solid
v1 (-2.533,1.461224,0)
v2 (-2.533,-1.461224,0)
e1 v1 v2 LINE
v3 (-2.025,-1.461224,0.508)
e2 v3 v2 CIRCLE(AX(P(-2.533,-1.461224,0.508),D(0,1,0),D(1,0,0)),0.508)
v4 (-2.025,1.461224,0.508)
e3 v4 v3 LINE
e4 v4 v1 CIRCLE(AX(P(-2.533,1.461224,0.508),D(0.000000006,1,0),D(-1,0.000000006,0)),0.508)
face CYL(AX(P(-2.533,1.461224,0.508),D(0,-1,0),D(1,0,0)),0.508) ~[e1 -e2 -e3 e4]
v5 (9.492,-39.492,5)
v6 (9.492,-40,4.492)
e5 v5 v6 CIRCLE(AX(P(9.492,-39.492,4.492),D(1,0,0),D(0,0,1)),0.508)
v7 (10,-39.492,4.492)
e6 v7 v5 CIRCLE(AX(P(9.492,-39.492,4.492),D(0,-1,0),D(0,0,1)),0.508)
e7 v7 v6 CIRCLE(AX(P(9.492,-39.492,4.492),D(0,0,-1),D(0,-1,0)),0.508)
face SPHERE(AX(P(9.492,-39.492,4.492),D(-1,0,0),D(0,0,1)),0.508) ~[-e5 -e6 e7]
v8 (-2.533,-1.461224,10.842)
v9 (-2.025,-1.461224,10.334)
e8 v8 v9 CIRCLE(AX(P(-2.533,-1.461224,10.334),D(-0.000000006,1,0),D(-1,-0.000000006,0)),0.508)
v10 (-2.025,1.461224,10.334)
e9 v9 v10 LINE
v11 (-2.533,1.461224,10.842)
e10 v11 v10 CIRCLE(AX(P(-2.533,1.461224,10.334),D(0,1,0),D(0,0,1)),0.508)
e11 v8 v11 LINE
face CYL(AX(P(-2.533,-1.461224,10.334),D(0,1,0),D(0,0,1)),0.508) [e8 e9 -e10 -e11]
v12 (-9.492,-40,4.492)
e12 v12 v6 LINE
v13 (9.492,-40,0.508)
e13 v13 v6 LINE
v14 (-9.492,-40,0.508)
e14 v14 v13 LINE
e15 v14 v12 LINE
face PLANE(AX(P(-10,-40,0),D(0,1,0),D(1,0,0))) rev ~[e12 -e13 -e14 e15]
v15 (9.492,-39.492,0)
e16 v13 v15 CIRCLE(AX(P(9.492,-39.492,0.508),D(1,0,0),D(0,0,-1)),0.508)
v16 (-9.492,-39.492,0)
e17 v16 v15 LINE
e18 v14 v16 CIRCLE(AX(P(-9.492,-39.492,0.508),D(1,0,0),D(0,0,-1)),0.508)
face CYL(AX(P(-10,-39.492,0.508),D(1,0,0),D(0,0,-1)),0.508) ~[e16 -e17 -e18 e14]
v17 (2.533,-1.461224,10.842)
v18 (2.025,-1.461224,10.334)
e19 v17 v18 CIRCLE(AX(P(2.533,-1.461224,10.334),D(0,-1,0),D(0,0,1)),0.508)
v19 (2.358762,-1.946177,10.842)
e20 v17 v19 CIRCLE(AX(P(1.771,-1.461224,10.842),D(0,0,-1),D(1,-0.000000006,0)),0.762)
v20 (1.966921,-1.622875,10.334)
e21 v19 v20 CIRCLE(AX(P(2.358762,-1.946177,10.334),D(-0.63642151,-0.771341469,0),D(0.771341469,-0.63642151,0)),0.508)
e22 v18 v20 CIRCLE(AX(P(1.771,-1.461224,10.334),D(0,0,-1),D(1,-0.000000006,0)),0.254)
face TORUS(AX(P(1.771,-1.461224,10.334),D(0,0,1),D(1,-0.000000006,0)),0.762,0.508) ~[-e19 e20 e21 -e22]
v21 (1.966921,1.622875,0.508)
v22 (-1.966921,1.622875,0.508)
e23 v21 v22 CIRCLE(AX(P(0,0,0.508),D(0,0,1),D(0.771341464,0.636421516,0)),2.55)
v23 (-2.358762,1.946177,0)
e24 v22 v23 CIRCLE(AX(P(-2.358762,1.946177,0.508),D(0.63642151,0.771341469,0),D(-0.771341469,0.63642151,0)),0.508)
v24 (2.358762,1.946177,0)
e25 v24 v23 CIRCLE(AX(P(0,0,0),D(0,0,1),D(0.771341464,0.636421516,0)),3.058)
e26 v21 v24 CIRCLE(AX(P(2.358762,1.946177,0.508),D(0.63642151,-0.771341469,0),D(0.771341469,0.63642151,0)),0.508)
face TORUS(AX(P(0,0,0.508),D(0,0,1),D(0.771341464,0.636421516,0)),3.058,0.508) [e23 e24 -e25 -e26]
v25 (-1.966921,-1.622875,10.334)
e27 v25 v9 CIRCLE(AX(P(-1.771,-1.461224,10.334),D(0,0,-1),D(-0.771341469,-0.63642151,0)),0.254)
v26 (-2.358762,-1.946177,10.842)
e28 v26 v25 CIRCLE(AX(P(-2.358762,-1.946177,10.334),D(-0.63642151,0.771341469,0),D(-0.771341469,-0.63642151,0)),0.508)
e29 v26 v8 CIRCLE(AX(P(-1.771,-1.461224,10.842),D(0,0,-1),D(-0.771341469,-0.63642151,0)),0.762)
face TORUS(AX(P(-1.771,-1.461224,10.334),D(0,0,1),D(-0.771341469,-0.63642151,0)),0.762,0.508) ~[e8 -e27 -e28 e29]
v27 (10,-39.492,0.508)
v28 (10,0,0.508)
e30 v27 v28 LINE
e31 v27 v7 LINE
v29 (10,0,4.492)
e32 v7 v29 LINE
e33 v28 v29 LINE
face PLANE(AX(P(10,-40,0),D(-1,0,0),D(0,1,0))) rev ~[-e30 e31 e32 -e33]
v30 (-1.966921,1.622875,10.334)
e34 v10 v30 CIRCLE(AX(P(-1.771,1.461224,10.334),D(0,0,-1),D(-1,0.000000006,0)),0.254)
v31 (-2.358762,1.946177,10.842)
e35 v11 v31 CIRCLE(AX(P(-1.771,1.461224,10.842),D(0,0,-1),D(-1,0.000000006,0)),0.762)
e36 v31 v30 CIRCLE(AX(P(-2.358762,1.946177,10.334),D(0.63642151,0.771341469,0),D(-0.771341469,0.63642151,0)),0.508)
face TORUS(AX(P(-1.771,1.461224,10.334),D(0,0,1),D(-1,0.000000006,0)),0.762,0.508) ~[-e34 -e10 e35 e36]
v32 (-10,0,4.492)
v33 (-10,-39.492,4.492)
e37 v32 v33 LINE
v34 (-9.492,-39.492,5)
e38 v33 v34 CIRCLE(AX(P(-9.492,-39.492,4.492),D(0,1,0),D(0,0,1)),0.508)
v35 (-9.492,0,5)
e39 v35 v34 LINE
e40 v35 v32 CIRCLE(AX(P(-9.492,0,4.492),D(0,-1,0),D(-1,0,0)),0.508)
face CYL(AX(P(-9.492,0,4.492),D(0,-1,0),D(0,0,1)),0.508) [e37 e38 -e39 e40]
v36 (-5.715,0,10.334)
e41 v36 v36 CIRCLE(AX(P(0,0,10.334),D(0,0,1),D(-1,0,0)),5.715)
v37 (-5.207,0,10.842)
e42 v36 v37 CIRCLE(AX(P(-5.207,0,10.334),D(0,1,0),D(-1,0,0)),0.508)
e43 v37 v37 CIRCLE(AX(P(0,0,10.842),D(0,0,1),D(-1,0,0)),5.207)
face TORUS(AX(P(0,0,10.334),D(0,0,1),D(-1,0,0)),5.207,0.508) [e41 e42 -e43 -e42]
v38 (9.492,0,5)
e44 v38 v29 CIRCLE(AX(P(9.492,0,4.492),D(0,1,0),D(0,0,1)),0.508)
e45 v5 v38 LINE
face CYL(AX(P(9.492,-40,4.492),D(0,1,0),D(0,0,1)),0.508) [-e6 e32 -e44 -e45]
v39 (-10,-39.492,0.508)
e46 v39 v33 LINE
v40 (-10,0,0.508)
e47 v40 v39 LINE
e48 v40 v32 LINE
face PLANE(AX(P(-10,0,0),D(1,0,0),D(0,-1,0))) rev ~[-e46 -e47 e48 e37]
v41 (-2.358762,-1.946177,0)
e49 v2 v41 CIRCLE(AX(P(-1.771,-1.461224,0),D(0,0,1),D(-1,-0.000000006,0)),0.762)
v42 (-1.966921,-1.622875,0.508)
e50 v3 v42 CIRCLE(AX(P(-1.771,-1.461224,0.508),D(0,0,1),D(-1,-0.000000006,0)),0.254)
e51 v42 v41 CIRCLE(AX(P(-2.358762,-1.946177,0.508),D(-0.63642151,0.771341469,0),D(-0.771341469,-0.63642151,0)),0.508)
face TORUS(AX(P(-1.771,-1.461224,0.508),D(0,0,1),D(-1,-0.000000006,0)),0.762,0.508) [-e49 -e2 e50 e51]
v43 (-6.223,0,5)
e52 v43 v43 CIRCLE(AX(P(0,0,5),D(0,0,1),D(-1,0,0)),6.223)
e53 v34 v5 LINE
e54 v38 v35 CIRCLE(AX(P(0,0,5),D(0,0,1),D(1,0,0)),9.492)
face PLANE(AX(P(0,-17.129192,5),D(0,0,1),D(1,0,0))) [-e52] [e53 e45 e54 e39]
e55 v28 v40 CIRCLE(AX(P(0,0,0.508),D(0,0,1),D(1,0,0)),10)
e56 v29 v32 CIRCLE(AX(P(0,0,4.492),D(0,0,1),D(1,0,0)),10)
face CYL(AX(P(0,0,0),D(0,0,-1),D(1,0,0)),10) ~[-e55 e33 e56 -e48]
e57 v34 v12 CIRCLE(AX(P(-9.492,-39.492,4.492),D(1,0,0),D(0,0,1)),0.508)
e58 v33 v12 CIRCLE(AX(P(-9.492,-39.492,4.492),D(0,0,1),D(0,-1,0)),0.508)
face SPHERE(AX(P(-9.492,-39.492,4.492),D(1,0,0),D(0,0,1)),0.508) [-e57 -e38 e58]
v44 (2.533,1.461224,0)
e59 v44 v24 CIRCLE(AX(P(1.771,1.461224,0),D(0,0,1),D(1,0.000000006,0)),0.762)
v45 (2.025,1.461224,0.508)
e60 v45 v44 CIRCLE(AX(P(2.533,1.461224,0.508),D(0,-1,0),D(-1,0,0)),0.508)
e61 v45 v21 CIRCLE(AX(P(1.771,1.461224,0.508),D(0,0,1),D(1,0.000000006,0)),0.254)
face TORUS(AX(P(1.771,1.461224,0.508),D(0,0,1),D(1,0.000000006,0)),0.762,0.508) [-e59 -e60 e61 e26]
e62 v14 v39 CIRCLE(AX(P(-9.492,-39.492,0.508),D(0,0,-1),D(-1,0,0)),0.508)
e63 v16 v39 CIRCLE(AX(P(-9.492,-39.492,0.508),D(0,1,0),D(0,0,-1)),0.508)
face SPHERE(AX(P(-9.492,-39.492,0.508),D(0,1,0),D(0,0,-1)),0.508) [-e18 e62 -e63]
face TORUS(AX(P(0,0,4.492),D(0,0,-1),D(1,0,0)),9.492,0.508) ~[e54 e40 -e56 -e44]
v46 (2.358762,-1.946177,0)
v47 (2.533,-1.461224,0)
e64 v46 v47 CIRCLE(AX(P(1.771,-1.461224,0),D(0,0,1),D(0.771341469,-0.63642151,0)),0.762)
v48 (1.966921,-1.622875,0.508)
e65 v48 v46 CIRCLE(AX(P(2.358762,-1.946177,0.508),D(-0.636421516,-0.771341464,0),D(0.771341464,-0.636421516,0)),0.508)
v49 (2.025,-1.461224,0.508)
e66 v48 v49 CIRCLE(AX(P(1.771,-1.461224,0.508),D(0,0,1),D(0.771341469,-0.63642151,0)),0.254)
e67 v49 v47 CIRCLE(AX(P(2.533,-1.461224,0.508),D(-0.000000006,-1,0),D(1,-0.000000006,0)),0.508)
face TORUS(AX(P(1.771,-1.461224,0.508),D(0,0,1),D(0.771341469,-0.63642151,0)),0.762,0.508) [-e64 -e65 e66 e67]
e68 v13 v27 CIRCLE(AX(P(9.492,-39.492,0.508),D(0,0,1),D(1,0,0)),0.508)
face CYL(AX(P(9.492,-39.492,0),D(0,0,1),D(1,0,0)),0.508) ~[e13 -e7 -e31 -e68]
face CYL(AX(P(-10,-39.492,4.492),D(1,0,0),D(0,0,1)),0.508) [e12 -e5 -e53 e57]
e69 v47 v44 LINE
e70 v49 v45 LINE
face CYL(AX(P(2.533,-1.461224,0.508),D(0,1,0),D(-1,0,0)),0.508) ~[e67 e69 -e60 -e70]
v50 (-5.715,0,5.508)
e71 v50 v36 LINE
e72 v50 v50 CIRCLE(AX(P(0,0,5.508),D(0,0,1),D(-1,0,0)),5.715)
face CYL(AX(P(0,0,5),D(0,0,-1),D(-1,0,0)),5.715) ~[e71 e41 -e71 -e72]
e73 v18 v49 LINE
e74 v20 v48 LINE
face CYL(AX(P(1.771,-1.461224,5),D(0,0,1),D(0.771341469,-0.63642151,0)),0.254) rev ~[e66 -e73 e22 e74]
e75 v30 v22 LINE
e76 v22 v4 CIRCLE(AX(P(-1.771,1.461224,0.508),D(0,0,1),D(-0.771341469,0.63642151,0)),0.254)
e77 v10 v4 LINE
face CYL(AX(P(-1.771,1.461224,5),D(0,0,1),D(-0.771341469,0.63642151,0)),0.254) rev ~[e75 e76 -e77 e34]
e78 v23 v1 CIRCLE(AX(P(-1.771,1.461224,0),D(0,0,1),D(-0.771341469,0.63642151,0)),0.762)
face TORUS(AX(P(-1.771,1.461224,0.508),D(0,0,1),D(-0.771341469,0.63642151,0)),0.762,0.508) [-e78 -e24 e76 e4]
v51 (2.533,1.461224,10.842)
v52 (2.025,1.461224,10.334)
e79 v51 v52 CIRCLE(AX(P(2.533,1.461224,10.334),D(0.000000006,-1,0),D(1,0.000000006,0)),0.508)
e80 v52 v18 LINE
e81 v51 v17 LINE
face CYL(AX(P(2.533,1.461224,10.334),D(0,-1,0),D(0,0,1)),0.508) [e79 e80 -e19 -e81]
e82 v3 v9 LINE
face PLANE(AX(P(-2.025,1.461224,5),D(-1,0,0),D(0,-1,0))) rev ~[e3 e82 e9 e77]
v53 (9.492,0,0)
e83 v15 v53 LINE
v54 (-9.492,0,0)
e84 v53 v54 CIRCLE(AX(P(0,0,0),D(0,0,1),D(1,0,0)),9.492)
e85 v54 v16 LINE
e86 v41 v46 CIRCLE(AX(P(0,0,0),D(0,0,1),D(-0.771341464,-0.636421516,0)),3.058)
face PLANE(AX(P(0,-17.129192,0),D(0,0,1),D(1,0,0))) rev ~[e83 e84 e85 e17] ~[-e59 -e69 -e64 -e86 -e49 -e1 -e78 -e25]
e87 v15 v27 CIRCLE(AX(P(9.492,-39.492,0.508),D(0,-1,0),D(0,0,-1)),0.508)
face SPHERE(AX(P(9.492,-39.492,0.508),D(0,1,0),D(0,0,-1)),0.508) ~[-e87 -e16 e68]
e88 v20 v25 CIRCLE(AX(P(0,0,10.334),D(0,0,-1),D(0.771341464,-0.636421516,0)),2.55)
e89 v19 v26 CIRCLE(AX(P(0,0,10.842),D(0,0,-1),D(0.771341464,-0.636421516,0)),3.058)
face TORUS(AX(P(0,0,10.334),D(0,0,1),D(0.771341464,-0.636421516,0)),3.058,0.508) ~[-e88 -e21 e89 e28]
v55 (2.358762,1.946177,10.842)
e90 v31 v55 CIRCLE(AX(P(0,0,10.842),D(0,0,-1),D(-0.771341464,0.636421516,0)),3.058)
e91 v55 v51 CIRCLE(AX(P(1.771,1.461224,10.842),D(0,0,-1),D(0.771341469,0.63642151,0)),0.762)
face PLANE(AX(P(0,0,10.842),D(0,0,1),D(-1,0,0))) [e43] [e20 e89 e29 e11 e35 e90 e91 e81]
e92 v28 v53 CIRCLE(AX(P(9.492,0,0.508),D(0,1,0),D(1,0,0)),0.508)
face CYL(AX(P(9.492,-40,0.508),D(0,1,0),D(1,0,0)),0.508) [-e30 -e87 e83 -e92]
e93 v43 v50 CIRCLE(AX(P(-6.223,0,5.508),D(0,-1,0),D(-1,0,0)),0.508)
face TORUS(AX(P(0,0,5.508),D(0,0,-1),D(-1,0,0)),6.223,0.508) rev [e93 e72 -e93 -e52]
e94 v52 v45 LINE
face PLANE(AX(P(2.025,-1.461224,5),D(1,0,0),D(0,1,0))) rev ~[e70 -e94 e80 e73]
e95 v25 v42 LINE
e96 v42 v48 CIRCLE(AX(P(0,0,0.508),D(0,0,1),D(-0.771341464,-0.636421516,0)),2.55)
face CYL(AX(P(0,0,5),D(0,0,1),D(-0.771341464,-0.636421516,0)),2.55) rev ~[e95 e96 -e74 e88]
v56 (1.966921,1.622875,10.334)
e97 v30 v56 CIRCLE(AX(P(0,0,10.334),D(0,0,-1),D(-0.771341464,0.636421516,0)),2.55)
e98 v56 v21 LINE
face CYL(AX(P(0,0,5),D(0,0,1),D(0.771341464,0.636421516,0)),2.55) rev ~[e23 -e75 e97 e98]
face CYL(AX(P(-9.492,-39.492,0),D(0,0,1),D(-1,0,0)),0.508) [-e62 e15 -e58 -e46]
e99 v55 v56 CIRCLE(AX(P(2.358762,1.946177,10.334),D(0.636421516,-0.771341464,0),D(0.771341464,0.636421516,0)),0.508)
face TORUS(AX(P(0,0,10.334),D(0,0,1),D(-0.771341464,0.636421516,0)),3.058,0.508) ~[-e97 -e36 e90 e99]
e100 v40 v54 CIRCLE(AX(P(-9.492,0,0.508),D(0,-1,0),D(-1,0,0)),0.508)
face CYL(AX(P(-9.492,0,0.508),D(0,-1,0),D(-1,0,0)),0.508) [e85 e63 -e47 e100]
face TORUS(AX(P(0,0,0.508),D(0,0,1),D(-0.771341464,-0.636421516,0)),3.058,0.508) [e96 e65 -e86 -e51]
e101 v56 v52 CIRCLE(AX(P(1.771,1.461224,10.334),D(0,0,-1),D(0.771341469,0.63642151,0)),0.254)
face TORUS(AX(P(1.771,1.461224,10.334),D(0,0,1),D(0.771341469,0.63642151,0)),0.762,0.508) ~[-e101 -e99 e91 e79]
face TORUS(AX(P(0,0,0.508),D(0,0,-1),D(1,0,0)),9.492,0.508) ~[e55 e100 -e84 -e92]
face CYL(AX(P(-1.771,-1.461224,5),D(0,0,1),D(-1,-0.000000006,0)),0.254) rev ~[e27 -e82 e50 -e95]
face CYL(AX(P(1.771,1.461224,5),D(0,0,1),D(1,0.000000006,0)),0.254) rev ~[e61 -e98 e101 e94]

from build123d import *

# Parameters (mm, degrees)
BOSS_EXTRUDE1_DEPTH = 5
SKETCH2_R           = 5.715
BOSS_EXTRUDE2_DEPTH = 5.842
CUT_EXTRUDE1_REACH  = 43.643
FILLET1_R           = 0.508


with BuildPart() as part:
    # Sketch1 → Boss-Extrude1 (new body)
    with BuildSketch(Plane.XY):
        with BuildLine():
            Line((-10, 0), (-10, -40))
            Line((-10, -40), (10, -40))
            Line((10, -40), (10, 0))
            ThreePointArc((10, 0), (0, 10), (-10, 0))
        make_face()
    extrude(amount=BOSS_EXTRUDE1_DEPTH)

    # Sketch2 → Boss-Extrude2 (add)
    with BuildSketch(Plane.XY.offset(5)):
        with Locations(Location((0, 0, 0), (0, 0, 180))):
            Circle(SKETCH2_R)
        with BuildLine():
            Line((2.025, 1.461223802), (2.025, -1.461223802))
            ThreePointArc((2.025, -1.461223802), (2.010039605, -1.547107835), (1.966920732, -1.622874867))
            ThreePointArc((1.966920732, -1.622874867), (0, -2.55), (-1.966920732, -1.622874867))
            ThreePointArc((-1.966920732, -1.622874867), (-2.010039605, -1.547107835), (-2.025, -1.461223802))
            Line((-2.025, -1.461223802), (-2.025, 1.461223802))
            ThreePointArc((-2.025, 1.461223802), (-2.010039605, 1.547107835), (-1.966920732, 1.622874867))
            ThreePointArc((-1.966920732, 1.622874867), (0, 2.55), (1.966920732, 1.622874867))
            ThreePointArc((1.966920732, 1.622874867), (2.010039605, 1.547107835), (2.025, 1.461223802))
        make_face(mode=Mode.SUBTRACT)
    extrude(amount=BOSS_EXTRUDE2_DEPTH)

    # Sketch3 → Cut-Extrude1 (cut, up to next)
    with BuildSketch(Plane.XY.offset(5), mode=Mode.PRIVATE) as cut_extrude1_sk1:
        with BuildLine():
            Line((-2.025, 1.461223802), (-2.025, -1.461223802))
            ThreePointArc((-2.025, -1.461223802), (-2.010039605, -1.547107835), (-1.966920732, -1.622874867))
            ThreePointArc((-1.966920732, -1.622874867), (0, -2.55), (1.966920732, -1.622874867))
            ThreePointArc((1.966920732, -1.622874867), (2.010039605, -1.547107835), (2.025, -1.461223802))
            Line((2.025, -1.461223802), (2.025, 1.461223802))
            ThreePointArc((2.025, 1.461223802), (2.010039605, 1.547107835), (1.966920732, 1.622874867))
            ThreePointArc((1.966920732, 1.622874867), (0, 2.55), (-1.966920732, 1.622874867))
            ThreePointArc((-1.966920732, 1.622874867), (-2.010039605, 1.547107835), (-2.025, 1.461223802))
        make_face()
    cut_extrude1_tool1 = extrude(cut_extrude1_sk1.sketch, amount=-CUT_EXTRUDE1_REACH, mode=Mode.PRIVATE) & part.part
    add(cut_extrude1_tool1.solids().sort_by_distance((0, 0, 5))[0], mode=Mode.SUBTRACT)

    # Fillet1
    fillet1_edges = [part.edges().sort_by_distance(p)[0] for p in [
        (0, -40, 5),
        (10, -20, 5),
        (5.715, 0, 5),
        (5.715, 0, 10.842),
        (-2.010039605, -1.547107835, 10.842),
        (0, -2.55, 10.842),
        (2.010039605, -1.547107835, 10.842),
        (2.025, 0, 10.842),
        (2.010039605, 1.547107835, 10.842),
        (0, 2.55, 10.842),
        (-2.010039605, 1.547107835, 10.842),
        (-2.025, 0, 10.842),
        (-2.010039605, 1.547107835, 0),
        (0, 2.55, 0),
        (2.010039605, 1.547107835, 0),
        (2.025, 0, 0),
        (2.010039605, -1.547107835, 0),
        (0, -2.55, 0),
        (-2.010039605, -1.547107835, 0),
        (-2.025, 0, 0),
        (0, 10, 5),
        (10, -20, 0),
        (0, -40, 0),
        (-10, -20, 0),
        (0, 10, 0),
        (10, -40, 2.5),
        (-10, -40, 2.5),
        (-10, -20, 5),
    ]]
    fillet(fillet1_edges, radius=FILLET1_R)


solid = part.part
